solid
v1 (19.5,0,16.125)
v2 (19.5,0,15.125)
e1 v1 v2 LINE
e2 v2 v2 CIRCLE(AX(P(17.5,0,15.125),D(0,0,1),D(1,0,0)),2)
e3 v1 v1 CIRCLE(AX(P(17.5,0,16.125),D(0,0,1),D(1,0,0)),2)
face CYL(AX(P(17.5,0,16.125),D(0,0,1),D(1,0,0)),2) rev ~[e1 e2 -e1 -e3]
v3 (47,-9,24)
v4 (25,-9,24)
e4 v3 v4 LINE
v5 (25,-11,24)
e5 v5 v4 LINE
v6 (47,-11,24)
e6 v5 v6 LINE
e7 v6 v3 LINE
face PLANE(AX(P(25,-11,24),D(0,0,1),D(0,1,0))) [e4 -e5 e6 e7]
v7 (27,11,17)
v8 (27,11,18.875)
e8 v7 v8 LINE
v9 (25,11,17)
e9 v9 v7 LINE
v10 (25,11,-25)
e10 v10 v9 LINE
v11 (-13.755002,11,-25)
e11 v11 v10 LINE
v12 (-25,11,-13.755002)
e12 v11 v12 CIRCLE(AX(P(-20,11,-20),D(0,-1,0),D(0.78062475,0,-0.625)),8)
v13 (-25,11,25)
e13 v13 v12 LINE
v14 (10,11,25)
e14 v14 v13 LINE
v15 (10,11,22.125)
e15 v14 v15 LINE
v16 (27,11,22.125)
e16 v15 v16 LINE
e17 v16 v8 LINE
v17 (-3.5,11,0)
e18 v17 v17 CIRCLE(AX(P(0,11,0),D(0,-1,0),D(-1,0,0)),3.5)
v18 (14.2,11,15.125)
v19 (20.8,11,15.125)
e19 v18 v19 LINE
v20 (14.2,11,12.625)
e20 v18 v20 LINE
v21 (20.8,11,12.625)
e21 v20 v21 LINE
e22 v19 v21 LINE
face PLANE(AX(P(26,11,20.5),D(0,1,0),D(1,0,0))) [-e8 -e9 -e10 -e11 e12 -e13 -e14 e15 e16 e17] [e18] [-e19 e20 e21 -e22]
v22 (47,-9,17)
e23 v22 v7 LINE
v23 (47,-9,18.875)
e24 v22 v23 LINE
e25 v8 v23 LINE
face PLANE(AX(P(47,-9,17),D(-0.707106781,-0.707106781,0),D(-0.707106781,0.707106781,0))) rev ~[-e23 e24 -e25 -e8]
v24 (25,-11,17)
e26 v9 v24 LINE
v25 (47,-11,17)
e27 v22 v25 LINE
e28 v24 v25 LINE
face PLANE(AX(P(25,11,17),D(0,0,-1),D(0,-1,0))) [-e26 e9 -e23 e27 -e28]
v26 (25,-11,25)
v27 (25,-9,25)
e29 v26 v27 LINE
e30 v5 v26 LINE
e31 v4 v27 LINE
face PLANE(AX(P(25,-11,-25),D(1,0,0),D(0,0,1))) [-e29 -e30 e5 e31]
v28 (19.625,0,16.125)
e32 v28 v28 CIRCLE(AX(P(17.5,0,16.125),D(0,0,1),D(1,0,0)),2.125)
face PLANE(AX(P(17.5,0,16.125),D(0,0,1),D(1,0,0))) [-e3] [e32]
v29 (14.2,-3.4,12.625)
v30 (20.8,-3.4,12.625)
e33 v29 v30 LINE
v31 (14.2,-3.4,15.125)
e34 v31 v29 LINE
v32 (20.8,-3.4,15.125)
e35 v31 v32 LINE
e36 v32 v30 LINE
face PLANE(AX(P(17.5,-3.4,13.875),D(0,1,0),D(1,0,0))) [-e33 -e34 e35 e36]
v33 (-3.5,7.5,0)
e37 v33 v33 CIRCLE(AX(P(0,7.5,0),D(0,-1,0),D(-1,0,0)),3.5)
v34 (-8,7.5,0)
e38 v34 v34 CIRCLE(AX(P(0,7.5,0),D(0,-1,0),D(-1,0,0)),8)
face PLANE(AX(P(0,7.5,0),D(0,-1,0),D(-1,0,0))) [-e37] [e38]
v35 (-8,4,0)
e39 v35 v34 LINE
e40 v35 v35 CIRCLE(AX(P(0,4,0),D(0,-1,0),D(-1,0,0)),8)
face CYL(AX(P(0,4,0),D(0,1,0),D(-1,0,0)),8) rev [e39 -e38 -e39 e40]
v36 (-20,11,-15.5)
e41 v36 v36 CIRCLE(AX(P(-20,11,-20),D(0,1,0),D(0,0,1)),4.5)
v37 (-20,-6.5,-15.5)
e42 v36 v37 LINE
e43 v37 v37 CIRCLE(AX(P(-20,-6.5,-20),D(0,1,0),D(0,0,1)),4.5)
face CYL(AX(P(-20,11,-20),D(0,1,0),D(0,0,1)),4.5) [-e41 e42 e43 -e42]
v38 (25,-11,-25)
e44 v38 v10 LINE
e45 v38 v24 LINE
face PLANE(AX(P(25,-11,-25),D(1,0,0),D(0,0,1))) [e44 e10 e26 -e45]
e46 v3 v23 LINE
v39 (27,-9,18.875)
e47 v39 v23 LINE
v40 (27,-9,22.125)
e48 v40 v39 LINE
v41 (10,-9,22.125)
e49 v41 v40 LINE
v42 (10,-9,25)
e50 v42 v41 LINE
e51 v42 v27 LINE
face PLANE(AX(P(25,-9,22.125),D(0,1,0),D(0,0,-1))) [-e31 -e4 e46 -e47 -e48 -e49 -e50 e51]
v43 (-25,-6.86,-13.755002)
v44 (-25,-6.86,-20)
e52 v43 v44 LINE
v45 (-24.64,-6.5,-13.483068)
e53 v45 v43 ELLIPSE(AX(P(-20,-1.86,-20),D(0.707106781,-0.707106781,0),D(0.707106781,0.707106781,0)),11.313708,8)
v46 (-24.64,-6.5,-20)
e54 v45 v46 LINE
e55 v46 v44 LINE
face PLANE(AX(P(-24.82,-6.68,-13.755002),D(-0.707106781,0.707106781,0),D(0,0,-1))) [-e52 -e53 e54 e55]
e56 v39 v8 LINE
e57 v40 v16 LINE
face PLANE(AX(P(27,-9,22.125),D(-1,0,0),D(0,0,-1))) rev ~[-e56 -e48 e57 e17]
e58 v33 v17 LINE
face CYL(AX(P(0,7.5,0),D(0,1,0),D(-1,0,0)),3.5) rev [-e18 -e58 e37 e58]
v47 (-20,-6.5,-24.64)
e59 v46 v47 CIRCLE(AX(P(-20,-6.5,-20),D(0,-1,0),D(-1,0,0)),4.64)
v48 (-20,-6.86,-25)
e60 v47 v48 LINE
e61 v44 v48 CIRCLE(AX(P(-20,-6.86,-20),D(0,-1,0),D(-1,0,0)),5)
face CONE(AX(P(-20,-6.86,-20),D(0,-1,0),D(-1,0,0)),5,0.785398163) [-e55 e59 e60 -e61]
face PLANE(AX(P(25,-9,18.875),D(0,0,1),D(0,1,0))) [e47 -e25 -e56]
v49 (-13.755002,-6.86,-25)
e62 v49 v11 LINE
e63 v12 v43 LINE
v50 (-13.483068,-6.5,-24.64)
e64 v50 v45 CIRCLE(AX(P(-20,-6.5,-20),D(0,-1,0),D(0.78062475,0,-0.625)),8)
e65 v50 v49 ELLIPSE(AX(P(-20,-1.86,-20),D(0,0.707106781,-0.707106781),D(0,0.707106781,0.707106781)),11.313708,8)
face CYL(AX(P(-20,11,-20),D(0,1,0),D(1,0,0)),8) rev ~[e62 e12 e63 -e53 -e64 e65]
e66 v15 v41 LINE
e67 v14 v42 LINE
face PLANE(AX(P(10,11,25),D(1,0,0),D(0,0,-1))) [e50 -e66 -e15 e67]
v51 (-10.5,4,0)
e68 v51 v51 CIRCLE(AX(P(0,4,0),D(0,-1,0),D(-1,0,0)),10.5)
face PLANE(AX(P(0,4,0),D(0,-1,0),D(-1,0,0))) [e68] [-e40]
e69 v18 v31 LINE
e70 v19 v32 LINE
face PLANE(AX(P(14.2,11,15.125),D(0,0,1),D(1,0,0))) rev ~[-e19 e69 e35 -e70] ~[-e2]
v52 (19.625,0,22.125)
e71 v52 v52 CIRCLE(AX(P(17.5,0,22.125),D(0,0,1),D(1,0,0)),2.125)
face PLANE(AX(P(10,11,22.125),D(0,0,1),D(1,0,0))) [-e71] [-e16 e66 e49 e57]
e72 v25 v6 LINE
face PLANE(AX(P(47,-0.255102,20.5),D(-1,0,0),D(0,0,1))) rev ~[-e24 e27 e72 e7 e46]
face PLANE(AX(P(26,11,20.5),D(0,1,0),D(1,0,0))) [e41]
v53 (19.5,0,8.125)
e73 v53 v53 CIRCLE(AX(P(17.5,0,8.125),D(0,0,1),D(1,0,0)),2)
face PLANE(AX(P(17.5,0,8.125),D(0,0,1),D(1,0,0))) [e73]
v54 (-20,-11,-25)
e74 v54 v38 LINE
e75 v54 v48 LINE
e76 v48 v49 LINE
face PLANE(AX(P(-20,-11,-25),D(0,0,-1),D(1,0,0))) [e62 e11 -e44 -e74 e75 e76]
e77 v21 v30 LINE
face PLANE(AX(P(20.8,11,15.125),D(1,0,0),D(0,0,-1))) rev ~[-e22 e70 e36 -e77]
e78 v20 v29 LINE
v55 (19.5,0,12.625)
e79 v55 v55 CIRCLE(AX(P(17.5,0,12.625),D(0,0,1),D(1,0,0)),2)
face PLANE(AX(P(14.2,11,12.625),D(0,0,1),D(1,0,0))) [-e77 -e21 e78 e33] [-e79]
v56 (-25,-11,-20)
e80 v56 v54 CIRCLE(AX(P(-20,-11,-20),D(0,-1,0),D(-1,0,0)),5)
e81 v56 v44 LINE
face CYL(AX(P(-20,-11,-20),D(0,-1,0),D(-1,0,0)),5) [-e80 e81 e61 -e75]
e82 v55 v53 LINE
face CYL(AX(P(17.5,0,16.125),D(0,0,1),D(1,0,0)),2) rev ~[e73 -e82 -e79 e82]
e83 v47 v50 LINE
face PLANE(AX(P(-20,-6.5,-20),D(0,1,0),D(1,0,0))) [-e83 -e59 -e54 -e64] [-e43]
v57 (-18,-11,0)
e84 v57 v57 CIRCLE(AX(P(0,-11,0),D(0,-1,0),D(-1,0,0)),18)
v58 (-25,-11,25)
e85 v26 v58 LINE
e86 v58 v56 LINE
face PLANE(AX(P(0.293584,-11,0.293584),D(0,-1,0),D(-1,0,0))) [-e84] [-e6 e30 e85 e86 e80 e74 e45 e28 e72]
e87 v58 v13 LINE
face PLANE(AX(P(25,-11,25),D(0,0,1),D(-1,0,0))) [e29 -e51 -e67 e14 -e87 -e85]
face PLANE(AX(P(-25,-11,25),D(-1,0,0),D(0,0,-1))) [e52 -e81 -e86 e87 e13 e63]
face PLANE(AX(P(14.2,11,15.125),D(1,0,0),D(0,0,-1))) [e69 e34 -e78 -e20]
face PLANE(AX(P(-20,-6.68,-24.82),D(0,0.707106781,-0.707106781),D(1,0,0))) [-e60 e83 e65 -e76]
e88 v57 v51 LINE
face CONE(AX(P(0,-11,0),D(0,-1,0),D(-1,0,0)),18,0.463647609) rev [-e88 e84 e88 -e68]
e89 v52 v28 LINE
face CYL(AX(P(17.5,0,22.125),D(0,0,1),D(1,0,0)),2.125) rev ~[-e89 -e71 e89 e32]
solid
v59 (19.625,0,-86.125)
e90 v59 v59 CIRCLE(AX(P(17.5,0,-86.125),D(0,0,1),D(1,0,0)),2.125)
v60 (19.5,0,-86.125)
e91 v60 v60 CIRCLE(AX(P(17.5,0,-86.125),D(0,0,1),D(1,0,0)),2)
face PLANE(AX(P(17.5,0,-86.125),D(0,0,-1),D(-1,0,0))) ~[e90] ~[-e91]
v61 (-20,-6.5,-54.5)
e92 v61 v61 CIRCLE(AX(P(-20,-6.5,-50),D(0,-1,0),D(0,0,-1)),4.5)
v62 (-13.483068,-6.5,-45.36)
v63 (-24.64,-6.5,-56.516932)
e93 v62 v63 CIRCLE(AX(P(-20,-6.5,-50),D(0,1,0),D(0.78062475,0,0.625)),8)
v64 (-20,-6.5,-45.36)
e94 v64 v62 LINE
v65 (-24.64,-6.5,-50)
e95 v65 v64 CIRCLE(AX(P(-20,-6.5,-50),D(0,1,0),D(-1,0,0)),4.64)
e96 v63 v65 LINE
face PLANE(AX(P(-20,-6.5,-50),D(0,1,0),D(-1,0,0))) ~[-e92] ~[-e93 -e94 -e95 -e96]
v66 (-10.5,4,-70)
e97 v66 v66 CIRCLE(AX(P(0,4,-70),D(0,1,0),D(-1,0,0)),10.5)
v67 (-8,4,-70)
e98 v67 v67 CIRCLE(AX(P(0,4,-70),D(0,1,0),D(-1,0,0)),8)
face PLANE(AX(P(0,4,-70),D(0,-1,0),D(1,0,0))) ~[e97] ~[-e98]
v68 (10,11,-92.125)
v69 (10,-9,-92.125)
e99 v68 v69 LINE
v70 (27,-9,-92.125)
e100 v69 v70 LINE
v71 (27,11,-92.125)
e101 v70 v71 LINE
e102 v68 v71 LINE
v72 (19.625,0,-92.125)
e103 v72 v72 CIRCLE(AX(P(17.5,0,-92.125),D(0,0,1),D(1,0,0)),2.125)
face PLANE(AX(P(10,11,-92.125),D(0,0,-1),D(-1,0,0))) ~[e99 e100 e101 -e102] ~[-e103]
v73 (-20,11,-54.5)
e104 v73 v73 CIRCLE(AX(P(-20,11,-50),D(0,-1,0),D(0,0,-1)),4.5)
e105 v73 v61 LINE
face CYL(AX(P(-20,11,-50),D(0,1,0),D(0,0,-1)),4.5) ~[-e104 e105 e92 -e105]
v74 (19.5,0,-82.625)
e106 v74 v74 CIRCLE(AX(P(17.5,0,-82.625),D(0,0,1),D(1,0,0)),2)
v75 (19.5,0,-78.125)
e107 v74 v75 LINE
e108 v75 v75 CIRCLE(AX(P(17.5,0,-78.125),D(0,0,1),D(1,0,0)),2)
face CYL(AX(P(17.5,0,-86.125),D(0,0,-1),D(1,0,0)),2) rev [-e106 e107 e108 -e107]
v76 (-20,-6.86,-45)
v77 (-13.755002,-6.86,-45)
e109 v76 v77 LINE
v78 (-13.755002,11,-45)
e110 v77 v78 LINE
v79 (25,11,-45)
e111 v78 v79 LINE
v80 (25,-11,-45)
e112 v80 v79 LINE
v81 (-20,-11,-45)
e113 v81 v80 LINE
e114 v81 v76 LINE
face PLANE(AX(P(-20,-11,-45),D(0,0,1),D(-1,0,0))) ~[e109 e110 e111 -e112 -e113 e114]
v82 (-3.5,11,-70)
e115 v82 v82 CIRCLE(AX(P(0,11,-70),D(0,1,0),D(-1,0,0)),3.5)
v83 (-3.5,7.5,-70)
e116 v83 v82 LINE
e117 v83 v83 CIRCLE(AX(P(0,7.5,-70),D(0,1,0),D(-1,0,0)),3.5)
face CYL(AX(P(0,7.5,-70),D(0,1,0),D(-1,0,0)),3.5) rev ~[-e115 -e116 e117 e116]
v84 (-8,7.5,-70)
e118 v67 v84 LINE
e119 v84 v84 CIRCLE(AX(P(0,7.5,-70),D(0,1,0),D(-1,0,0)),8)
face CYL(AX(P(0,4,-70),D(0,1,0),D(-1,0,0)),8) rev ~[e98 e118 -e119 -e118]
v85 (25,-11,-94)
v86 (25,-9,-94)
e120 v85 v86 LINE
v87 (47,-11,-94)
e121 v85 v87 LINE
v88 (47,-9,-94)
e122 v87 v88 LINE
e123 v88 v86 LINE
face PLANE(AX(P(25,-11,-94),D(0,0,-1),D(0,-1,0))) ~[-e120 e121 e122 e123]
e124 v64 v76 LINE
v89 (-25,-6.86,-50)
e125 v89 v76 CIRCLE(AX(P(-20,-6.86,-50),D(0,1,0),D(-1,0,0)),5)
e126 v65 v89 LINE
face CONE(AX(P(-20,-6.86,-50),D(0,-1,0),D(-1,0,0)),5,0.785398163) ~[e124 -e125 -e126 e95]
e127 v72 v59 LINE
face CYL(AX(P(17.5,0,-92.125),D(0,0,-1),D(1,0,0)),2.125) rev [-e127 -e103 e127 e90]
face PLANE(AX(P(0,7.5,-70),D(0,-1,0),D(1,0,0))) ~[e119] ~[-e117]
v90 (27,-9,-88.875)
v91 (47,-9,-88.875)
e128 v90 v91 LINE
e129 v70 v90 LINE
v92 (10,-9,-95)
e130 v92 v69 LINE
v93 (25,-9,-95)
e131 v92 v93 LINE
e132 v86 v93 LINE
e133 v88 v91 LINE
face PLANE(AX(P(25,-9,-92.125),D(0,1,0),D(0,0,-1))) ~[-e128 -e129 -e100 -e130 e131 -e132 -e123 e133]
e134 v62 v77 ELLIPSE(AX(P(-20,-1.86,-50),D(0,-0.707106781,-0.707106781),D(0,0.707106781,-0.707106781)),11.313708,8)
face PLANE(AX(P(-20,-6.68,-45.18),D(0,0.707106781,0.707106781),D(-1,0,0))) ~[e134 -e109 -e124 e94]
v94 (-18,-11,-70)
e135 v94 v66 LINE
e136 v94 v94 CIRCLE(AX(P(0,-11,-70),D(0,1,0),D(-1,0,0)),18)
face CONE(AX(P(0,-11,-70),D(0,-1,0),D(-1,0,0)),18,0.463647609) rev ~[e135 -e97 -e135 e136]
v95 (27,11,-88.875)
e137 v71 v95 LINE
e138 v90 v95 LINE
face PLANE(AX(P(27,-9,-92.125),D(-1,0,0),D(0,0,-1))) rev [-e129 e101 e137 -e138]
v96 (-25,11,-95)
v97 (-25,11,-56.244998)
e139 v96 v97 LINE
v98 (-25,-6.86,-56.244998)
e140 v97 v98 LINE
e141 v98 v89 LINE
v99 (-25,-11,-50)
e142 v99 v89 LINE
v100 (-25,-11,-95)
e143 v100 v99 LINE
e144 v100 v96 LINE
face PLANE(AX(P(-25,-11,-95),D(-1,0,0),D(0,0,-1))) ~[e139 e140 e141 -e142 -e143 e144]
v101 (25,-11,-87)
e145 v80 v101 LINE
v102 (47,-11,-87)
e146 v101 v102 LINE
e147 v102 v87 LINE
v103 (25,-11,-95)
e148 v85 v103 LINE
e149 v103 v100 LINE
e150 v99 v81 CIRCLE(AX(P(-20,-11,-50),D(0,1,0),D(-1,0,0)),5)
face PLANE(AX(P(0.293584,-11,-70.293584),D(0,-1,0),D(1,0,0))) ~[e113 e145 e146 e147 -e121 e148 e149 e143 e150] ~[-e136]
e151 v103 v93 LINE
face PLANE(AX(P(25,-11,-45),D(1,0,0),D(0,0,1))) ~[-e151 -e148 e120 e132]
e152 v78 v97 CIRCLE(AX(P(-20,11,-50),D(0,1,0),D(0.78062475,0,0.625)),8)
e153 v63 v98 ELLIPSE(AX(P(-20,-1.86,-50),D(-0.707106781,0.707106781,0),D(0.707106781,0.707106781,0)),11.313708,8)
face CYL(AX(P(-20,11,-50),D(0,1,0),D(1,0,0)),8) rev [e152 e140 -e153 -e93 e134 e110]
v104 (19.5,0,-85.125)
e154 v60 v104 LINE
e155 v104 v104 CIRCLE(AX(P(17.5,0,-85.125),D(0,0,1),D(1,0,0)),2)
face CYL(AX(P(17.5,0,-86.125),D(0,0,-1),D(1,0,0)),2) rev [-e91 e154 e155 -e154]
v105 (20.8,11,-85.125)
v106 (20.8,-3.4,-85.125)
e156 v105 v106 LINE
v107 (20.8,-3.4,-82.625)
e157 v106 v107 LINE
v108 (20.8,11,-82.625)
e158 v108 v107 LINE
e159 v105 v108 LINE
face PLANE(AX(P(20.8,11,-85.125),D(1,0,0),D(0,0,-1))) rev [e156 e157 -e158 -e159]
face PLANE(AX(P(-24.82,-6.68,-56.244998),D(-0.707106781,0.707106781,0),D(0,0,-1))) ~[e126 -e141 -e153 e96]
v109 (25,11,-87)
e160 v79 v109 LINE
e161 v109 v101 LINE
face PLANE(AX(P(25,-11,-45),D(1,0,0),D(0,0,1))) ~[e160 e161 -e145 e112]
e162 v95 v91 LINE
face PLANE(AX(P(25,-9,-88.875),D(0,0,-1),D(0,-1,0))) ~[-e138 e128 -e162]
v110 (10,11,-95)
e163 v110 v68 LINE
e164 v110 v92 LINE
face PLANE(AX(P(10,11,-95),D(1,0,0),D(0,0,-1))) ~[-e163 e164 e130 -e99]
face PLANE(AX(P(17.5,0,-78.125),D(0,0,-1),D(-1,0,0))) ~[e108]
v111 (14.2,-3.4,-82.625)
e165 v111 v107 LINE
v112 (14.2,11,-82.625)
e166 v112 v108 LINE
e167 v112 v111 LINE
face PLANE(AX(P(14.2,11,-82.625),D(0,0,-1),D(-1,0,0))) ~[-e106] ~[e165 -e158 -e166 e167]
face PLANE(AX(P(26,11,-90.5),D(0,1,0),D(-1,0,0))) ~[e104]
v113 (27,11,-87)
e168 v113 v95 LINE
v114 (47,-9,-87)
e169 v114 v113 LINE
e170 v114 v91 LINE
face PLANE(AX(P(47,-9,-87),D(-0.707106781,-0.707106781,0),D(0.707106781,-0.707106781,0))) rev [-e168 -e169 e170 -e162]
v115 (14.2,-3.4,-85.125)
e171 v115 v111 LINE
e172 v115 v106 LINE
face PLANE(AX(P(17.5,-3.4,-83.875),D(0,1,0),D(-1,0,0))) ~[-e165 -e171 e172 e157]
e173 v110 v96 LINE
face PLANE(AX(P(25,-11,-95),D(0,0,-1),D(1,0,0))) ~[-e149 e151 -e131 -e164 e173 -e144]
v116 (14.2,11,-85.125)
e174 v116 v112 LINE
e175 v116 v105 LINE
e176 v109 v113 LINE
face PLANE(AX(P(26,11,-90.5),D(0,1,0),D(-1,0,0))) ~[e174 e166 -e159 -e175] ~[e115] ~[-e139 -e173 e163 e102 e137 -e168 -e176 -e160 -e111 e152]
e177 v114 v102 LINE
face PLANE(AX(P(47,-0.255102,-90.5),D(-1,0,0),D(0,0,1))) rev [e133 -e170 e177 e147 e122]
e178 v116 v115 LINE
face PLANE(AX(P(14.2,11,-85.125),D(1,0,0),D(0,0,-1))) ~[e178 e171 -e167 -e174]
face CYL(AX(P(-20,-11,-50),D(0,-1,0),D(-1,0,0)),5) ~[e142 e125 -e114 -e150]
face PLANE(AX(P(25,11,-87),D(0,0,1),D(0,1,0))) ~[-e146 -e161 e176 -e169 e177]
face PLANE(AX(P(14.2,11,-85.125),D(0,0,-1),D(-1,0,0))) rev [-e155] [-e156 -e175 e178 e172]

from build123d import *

# Parameters (mm, degrees)
BOSS_EXTRUDE1_DEPTH      = 11
BOSS_EXTRUDE1_DEPTH_BACK = 11
BOSS_EXTRUDE2_DEPTH      = 22
CUT_EXTRUDE1_DEPTH       = 7
SKETCH5_W                = 2
SKETCH5_H                = 3.25
BOSS_EXTRUDE3_DEPTH      = 20
SKETCH6_W                = 37
SKETCH6_H                = 2.875
CUT_EXTRUDE2_DEPTH       = 20
SKETCH8_R                = 2.125
CUT_EXTRUDE3_DEPTH       = 6
SKETCH9_W                = 6.6
SKETCH9_H                = 2.5
CUT_EXTRUDE4_DEPTH       = 14.4
SKETCH11_R               = 2
CUT_EXTRUDE5_DEPTH       = 8
SKETCH12_R               = 8
SKETCH12_R_2             = 4.5
CUT_EXTRUDE6_DEPTH       = 17.5
CHAMFER1_SIZE            = 0.36


with BuildPart() as part:
    # Sketch1 → Boss-Extrude1 (new, two sides: drawn at the far end of the back side and taken through both)
    with BuildSketch(Plane(origin=(0, 0, 0), x_dir=(1, 0, 0), z_dir=(0, 1, 0)).offset(-BOSS_EXTRUDE1_DEPTH_BACK)):
        with BuildLine():
            Line((-20, 25), (25, 25))
            Line((25, 25), (25, -25))
            Line((25, -25), (-25, -25))
            Line((-25, -25), (-25, 20))
            ThreePointArc((-25, 20), (-23.535533906, 23.535533906), (-20, 25))
        make_face()
    extrude(amount=BOSS_EXTRUDE1_DEPTH + BOSS_EXTRUDE1_DEPTH_BACK)

    # Sketch2 → Cut-Revolve1 (revolve, cut)
    with BuildSketch(Plane.XY):
        Polygon((-3.5, 7.5), (-3.5, 11), (0, 11), (0, -11), (-18, -11), (-10.5, 4), (-8, 4), (-8, 7.5), align=None)
    revolve(axis=Axis((0, 11, 0), (0, -1, 0)), mode=Mode.SUBTRACT)

    # Sketch3 → Boss-Extrude2 (add)
    with BuildSketch(Plane(origin=(25, 0, 0), x_dir=(0, 0, -1), z_dir=(1, 0, 0))):
        Polygon((-24, 11), (-22.125, 11), (-22.125, -9), (-18.875, -9), (-18.875, 11), (-17, 11), (-17, -11), (-24, -11), align=None)
    extrude(amount=BOSS_EXTRUDE2_DEPTH)

    # Sketch4 → Cut-Extrude1 (cut)
    with BuildSketch(Plane(origin=(0, 0, 17), x_dir=(-1, 0, 0), z_dir=(0, 0, -1))):
        Polygon((-47, -9), (-27, 11), (-47, 11), align=None)
    extrude(amount=-CUT_EXTRUDE1_DEPTH, mode=Mode.SUBTRACT)

    # Sketch5 → Boss-Extrude3 (add)
    with BuildSketch(Plane(origin=(0, -9, 0), x_dir=(1, 0, 0), z_dir=(0, 1, 0))):
        with Locations((26, -20.5)):
            Rectangle(SKETCH5_W, SKETCH5_H)
    extrude(amount=BOSS_EXTRUDE3_DEPTH)

    # Sketch6 → Cut-Extrude2 (cut)
    with BuildSketch(Plane(origin=(0, 11, 0), x_dir=(1, 0, 0), z_dir=(0, 1, 0))):
        with Locations((28.5, -23.5625)):
            Rectangle(SKETCH6_W, SKETCH6_H)
    extrude(amount=-CUT_EXTRUDE2_DEPTH, mode=Mode.SUBTRACT)

    # Sketch8 → Cut-Extrude3 (cut)
    with BuildSketch(Plane.XY.offset(22.125)):
        with Locations((17.5, 0)):
            Circle(SKETCH8_R)
    extrude(amount=-CUT_EXTRUDE3_DEPTH, mode=Mode.SUBTRACT)

    # Sketch9 → Cut-Extrude4 (cut)
    with BuildSketch(Plane(origin=(0, 11, 0), x_dir=(1, 0, 0), z_dir=(0, 1, 0))):
        with Locations((17.5, -13.875)):
            Rectangle(SKETCH9_W, SKETCH9_H)
    extrude(amount=-CUT_EXTRUDE4_DEPTH, mode=Mode.SUBTRACT)

    # Sketch11 → Cut-Extrude5 (cut)
    with BuildSketch(Plane.XY.offset(16.125)):
        with Locations((17.5, 0)):
            Circle(SKETCH11_R)
    extrude(amount=-CUT_EXTRUDE5_DEPTH, mode=Mode.SUBTRACT)

    # Sketch12 → Cut-Extrude6 (cut)
    with BuildSketch(Plane(origin=(0, 11, 0), x_dir=(1, 0, 0), z_dir=(0, 1, 0))):
        with Locations((-20, 20)):
            Circle(SKETCH12_R)
        with Locations(Location((-20, 20, 0), (0, 0, 270))):
            Circle(SKETCH12_R_2, mode=Mode.SUBTRACT)
    extrude(amount=-CUT_EXTRUDE6_DEPTH, mode=Mode.SUBTRACT)

    # Chamfer1
    chamfer1_edges = [part.edges().sort_by_distance(p)[0] for p in [
        (-16.877501001, -6.5, -25),
        (-25, -6.5, -16.877501001),
        (-23.535533906, -6.5, -23.535533906),
    ]]
    chamfer(chamfer1_edges, length=CHAMFER1_SIZE)


with BuildPart() as body_2:
    # Mirror2: mirrored copy
    add(part.part.mirror(Plane(origin=(0, 0, -35), x_dir=(1, 0, 0), z_dir=(0, 0, -1))))


solid = Compound([part.part, body_2.part])
